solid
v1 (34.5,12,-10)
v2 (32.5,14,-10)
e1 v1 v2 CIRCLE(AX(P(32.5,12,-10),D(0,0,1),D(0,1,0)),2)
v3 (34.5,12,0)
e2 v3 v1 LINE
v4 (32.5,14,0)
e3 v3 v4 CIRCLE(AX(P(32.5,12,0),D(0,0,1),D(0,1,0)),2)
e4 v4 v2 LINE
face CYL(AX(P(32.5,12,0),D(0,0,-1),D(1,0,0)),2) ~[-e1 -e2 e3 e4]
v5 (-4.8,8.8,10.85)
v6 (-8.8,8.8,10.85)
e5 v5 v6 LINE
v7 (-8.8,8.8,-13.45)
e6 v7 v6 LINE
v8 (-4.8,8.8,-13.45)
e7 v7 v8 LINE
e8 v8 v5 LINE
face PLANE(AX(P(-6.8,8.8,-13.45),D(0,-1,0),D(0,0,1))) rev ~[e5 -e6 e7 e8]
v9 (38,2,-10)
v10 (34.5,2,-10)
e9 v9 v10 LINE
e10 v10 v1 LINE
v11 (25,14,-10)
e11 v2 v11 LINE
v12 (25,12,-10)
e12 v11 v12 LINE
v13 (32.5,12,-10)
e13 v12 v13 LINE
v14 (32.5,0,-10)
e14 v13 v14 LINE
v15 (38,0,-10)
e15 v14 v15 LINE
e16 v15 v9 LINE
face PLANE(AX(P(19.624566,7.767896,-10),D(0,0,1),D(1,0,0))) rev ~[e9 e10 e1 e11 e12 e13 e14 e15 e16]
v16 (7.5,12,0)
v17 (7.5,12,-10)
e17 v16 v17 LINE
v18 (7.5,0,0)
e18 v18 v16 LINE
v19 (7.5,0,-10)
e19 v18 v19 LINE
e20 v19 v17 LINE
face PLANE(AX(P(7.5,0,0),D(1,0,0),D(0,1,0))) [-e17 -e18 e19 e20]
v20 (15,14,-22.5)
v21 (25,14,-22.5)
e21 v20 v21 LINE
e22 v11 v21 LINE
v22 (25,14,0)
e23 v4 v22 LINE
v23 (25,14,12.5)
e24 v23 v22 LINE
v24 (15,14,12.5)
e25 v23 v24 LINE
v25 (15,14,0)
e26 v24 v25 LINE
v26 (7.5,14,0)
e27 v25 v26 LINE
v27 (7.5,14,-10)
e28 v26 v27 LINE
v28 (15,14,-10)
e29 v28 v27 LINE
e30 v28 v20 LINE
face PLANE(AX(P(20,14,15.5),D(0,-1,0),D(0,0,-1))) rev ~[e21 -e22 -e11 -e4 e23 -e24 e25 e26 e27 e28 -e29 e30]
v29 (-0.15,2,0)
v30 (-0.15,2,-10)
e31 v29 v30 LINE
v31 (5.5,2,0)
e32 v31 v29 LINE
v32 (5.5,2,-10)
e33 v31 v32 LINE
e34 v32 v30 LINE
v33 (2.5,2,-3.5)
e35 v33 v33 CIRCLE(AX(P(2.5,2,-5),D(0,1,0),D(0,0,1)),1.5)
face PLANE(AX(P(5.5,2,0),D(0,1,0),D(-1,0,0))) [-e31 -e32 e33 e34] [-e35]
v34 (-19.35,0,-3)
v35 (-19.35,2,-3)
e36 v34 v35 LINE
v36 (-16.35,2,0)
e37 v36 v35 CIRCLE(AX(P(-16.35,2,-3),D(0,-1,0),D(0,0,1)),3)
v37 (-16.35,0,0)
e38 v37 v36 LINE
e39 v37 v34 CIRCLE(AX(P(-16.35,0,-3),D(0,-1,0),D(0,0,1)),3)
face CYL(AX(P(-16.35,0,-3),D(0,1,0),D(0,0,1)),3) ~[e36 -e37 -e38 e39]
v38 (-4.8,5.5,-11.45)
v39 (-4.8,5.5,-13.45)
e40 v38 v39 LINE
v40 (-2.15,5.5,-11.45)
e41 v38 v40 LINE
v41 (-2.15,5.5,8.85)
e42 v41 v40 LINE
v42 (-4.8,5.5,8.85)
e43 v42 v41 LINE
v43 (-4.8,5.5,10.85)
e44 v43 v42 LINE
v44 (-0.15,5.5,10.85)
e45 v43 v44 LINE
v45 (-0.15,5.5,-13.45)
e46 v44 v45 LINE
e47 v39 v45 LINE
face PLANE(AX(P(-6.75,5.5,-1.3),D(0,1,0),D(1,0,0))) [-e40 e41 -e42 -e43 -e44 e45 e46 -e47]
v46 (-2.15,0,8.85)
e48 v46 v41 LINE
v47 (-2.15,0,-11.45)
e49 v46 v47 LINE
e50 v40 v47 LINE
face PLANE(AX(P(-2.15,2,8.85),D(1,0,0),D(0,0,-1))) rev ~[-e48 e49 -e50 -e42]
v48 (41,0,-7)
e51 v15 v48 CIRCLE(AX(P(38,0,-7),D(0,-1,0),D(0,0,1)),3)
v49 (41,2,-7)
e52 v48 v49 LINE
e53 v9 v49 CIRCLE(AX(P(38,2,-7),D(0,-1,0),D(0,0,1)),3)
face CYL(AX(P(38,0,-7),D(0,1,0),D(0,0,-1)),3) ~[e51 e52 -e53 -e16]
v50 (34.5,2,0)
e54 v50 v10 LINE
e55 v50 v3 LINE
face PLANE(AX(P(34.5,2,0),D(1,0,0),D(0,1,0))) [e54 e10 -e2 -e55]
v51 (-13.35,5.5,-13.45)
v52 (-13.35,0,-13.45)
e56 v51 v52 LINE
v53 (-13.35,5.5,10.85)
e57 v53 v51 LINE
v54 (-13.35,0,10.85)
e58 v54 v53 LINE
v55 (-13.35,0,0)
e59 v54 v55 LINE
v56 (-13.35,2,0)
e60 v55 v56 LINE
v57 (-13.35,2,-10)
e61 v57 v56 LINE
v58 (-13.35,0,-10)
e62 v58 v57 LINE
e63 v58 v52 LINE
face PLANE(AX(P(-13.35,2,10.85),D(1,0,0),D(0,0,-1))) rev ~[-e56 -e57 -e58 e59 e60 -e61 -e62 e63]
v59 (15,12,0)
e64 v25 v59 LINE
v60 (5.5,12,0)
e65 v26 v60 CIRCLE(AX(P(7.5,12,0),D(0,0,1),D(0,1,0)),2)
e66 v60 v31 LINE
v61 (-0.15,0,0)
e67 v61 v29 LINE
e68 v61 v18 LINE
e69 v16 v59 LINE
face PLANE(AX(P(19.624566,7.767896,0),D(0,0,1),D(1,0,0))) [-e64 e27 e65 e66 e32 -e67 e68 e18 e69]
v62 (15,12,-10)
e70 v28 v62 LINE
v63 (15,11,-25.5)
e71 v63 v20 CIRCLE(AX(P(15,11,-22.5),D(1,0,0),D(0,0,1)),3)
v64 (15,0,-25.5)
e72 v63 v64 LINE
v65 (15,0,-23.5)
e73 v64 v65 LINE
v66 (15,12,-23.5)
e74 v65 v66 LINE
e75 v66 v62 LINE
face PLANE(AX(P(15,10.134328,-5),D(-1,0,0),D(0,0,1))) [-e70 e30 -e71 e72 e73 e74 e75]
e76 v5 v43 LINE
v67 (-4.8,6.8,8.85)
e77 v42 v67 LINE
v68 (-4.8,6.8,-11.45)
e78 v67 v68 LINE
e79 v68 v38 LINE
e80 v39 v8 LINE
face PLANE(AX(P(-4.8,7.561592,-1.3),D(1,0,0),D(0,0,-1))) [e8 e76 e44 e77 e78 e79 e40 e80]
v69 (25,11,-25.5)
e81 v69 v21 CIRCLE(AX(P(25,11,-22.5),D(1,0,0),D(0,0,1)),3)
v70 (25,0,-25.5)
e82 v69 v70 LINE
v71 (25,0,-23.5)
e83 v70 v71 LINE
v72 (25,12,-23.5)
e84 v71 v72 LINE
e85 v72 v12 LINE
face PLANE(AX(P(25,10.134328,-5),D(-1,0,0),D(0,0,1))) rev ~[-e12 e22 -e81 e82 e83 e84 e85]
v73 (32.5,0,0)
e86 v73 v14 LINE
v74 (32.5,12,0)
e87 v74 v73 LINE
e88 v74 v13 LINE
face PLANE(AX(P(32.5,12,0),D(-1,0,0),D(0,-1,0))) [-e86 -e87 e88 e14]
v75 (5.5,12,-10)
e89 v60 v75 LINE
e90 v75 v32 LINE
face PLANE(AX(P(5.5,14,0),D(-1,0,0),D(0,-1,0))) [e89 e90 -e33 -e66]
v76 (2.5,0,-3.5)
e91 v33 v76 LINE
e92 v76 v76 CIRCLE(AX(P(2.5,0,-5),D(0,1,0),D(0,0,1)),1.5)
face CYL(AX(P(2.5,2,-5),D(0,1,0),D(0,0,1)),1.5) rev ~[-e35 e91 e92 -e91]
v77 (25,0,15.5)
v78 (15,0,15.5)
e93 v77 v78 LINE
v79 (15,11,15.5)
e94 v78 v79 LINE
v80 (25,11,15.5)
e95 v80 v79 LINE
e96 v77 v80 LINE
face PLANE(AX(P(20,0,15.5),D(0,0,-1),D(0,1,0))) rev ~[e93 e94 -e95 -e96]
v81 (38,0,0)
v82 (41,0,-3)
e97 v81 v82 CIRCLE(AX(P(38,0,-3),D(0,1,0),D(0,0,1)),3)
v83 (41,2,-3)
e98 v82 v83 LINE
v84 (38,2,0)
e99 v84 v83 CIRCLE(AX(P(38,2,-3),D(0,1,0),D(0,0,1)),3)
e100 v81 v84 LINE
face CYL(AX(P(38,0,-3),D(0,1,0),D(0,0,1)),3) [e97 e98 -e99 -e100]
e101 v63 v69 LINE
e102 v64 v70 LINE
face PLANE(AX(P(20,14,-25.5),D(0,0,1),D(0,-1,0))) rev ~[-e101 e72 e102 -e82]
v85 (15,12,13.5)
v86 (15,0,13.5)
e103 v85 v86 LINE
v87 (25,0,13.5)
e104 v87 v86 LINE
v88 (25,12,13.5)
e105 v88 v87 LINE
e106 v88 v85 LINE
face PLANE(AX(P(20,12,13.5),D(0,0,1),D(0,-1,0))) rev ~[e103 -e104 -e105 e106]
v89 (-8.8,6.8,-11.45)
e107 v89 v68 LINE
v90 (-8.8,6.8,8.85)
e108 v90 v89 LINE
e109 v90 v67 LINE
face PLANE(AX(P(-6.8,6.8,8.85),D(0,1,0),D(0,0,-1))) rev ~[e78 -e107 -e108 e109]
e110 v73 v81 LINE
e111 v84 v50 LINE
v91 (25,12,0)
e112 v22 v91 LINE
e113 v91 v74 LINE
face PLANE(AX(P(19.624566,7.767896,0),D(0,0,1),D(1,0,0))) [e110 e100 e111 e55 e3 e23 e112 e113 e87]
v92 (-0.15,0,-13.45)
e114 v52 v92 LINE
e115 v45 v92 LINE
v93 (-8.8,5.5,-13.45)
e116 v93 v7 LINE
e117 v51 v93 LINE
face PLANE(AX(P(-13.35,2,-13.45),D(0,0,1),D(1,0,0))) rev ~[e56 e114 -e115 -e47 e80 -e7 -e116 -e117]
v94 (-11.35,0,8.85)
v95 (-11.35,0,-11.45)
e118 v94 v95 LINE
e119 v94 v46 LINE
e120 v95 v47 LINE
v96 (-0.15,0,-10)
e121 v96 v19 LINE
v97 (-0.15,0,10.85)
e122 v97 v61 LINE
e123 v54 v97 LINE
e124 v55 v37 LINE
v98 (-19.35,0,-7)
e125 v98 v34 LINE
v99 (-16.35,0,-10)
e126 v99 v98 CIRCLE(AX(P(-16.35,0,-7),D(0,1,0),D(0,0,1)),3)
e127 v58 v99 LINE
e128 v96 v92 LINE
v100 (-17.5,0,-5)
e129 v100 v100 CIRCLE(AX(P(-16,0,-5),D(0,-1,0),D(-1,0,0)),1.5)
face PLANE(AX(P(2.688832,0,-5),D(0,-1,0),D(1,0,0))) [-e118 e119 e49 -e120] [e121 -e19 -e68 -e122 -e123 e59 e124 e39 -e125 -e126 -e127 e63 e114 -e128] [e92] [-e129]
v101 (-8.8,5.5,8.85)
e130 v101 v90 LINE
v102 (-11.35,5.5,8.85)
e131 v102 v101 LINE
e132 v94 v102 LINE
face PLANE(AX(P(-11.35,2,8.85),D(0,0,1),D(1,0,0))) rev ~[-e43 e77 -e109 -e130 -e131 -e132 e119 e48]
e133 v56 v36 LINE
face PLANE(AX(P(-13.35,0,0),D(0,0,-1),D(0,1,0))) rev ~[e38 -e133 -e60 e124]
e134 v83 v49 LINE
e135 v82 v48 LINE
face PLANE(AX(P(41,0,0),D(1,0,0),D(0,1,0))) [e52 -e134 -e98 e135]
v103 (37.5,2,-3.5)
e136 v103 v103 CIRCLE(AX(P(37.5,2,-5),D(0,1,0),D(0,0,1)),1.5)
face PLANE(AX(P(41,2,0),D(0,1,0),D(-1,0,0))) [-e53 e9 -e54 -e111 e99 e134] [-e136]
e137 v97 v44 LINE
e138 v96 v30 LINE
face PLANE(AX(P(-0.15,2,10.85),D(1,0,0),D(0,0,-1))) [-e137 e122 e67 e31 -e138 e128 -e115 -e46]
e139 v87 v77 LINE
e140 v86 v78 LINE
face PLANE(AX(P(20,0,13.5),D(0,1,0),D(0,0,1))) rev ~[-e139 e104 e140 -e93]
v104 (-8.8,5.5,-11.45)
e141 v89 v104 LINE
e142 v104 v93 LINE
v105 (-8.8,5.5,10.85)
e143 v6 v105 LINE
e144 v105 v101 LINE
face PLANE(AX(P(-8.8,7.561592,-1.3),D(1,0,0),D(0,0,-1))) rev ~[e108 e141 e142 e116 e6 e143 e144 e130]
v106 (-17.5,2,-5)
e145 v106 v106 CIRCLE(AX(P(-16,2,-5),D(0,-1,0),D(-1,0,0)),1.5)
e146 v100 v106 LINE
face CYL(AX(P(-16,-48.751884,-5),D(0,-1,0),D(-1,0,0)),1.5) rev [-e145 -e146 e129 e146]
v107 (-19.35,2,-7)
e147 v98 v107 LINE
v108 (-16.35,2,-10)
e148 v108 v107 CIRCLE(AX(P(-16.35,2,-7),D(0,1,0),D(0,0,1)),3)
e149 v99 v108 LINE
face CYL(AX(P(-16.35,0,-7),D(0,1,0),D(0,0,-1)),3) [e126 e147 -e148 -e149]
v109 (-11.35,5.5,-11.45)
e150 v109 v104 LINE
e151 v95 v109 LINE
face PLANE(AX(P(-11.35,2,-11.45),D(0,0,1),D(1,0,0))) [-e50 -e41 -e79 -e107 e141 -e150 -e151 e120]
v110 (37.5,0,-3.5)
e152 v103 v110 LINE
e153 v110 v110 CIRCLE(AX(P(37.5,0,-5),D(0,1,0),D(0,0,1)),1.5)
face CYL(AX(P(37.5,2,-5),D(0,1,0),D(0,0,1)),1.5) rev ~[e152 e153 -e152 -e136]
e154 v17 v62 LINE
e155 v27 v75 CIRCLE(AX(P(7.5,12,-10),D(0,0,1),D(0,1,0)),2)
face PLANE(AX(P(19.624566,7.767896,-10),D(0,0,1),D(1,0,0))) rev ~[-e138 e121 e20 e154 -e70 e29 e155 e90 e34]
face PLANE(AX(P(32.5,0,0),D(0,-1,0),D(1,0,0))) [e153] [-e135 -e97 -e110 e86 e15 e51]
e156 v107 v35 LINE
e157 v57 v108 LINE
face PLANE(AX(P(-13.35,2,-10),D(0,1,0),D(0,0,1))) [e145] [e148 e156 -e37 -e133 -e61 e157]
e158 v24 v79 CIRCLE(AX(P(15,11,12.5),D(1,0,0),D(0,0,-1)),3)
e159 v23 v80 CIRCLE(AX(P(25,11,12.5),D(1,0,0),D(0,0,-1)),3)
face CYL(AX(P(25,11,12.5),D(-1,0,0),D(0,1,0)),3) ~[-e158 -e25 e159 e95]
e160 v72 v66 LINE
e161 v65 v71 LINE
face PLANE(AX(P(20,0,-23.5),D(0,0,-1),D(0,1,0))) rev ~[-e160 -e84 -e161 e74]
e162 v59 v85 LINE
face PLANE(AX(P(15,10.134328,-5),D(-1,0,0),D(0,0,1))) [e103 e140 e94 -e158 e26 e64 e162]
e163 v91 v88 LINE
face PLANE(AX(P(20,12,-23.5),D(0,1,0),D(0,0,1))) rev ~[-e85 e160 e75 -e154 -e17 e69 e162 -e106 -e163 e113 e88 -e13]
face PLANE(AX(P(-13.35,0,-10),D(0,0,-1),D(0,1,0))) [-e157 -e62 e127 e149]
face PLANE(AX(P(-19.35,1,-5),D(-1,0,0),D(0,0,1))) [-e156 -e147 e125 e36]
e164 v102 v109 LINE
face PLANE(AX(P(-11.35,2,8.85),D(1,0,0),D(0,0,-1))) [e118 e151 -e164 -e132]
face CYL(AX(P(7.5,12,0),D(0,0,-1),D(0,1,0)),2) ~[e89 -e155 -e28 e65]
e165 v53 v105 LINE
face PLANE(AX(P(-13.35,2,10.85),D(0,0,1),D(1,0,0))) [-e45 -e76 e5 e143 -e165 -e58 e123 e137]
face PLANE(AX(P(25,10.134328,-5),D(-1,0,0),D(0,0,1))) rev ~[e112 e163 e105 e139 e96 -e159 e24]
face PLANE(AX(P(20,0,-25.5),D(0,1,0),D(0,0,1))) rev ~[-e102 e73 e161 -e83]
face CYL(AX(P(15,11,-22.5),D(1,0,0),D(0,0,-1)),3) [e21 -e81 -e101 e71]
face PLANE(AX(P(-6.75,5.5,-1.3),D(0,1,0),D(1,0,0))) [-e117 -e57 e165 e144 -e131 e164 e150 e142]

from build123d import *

# Parameters (mm, degrees)
EXTRUIR_L_MINA1_DEPTH             = 10
REDONDEO3_R                       = 2
EXTRUIR_L_MINA2_DEPTH             = 5
REDONDEO4_R                       = 3
CROQUIS2_R                        = 1.5
CORTAR_EXTRUIR1_DEPTH             = 10
CROQUIS5_W                        = 13.2
CROQUIS5_H                        = 24.3
CROQUIS5_W_2                      = 9.2
CROQUIS5_H_2                      = 20.3
EXTRUIR_L_MINA3_DEPTH             = 3.5
EXTRUIR_L_MINA3_DIRECTION_2_REACH = 51.752
CROQUIS7_W                        = 10
CROQUIS7_H                        = 2
SALIENTE_EXTRUIR1_DEPTH           = 6
CORTAR_EXTRUIR2_DEPTH             = 50.751884386
CORTAR_EXTRUIR2_DEPTH_BACK        = 50.751884386
CROQUIS8_R                        = 1.5
EXTRUIR_L_MINA4_DEPTH             = 2
REDONDEO5_R                       = 3


with BuildPart() as part:
    # Croquis1 → Extruir-Lámina1 (new body)
    with BuildSketch(Plane.XY):
        Polygon((-2.15, 0), (0, 0), (7.5, 0), (7.5, 12), (32.5, 12), (32.5, 0), (40, 0), (41, 0), (41, 2), (40, 2), (34.5, 2), (34.5, 14), (5.5, 14), (5.5, 2), (0, 2), (-2.15, 2), align=None)
    extrude(amount=-EXTRUIR_L_MINA1_DEPTH)

    # Redondeo3
    redondeo3_edges = [part.edges().sort_by_distance(p)[0] for p in [
        (5.5, 14, -5),
        (34.5, 14, -5),
    ]]
    fillet(redondeo3_edges, radius=REDONDEO3_R)

    # Croquis3 → Extruir-Lámina2 (add, symmetric)
    with BuildSketch(Plane(origin=(20, 0, 0), x_dir=(0, 0, -1), z_dir=(1, 0, 0))):
        Polygon((23.5, 0), (23.5, 12), (-13.5, 12), (-13.5, 0), (-15.5, 0), (-15.5, 14), (25.5, 14), (25.5, 0), align=None)
    extrude(amount=EXTRUIR_L_MINA2_DEPTH, both=True)

    # Redondeo4
    redondeo4_edges = [part.edges().sort_by_distance(p)[0] for p in [
        (20, 14, -25.5),
        (20, 14, 15.5),
    ]]
    fillet(redondeo4_edges, radius=REDONDEO4_R)

    # Croquis2 → Cortar-Extruir1 (cut)
    with BuildSketch(Plane(origin=(0, 2, 0), x_dir=(1, 0, 0), z_dir=(0, 1, 0))):
        with Locations(Location((2.5, 5, 0), (0, 0, 270))):
            Circle(CROQUIS2_R)
        with Locations(Location((37.5, 5, 0), (0, 0, 270))):
            Circle(CROQUIS2_R)
    extrude(amount=-CORTAR_EXTRUIR1_DEPTH, mode=Mode.SUBTRACT)

    # Croquis5 → Extruir-Lámina3 (add)
    with BuildSketch(Plane(origin=(0, 2, 0), x_dir=(1, 0, 0), z_dir=(0, 1, 0))):
        with Locations((-6.75, 1.3)):
            Rectangle(CROQUIS5_W, CROQUIS5_H)
        with Locations((-6.75, 1.3)):
            Rectangle(CROQUIS5_W_2, CROQUIS5_H_2, mode=Mode.SUBTRACT)
    extrude(amount=EXTRUIR_L_MINA3_DEPTH)

    # Extruir-Lámina3 direction 2: up to this face of the body (flat: up to its plane)
    extruir_l_mina3_direction_2_end = Plane(part.part.faces().sort_by_distance((-2.011031478, 0, -5))[0])
    # Croquis5 → Extruir-Lámina3 direction 2 (add, up to the picked face)
    with BuildSketch(Plane(origin=(0, 2, 0), x_dir=(1, 0, 0), z_dir=(0, 1, 0)), mode=Mode.PRIVATE) as extruir_l_mina3_direction_2_sk1:
        with Locations((-6.75, 1.3)):
            Rectangle(CROQUIS5_W, CROQUIS5_H)
        with Locations((-6.75, 1.3)):
            Rectangle(CROQUIS5_W_2, CROQUIS5_H_2, mode=Mode.SUBTRACT)
    extruir_l_mina3_direction_2_tool1 = split(extrude(extruir_l_mina3_direction_2_sk1.sketch, amount=-EXTRUIR_L_MINA3_DIRECTION_2_REACH, mode=Mode.PRIVATE), bisect_by=extruir_l_mina3_direction_2_end, keep=Keep.BOTH, mode=Mode.PRIVATE)
    add(extruir_l_mina3_direction_2_tool1.solids().sort_by(Axis((-6.75, 2, 10.573462), (0, -1, 0)))[0])

    # Croquis7 → Saliente-Extruir1 (add)
    with BuildSketch(Plane.ZY.offset(13.35)):
        with Locations((-5, 1)):
            Rectangle(CROQUIS7_W, CROQUIS7_H)
    extrude(amount=SALIENTE_EXTRUIR1_DEPTH)

    # Croquis8 → Cortar-Extruir2 (cut, two sides: drawn at the far end of the back side and taken through both)
    with BuildSketch(Plane(origin=(0, 2, 0), x_dir=(1, 0, 0), z_dir=(0, 1, 0)).offset(-CORTAR_EXTRUIR2_DEPTH_BACK)):
        with Locations(Location((-16, 5, 0), (0, 0, 180))):
            Circle(CROQUIS8_R)
    extrude(amount=CORTAR_EXTRUIR2_DEPTH + CORTAR_EXTRUIR2_DEPTH_BACK, mode=Mode.SUBTRACT)

    # Croquis9 → Extruir-Lámina4 (add, symmetric)
    with BuildSketch(Plane.ZY.offset(6.8)):
        Polygon((8.85, 5.5), (8.85, 6.8), (-11.45, 6.8), (-11.45, 5.5), (-13.45, 5.5), (-13.45, 8.8), (10.85, 8.8), (10.85, 5.5), align=None)
    extrude(amount=EXTRUIR_L_MINA4_DEPTH, both=True)

    # Redondeo5
    redondeo5_edges = [part.edges().sort_by_distance(p)[0] for p in [
        (-19.35, 1, -10),
        (-19.35, 1, 0),
        (41, 1, 0),
        (41, 1, -10),
    ]]
    fillet(redondeo5_edges, radius=REDONDEO5_R)


solid = part.part
